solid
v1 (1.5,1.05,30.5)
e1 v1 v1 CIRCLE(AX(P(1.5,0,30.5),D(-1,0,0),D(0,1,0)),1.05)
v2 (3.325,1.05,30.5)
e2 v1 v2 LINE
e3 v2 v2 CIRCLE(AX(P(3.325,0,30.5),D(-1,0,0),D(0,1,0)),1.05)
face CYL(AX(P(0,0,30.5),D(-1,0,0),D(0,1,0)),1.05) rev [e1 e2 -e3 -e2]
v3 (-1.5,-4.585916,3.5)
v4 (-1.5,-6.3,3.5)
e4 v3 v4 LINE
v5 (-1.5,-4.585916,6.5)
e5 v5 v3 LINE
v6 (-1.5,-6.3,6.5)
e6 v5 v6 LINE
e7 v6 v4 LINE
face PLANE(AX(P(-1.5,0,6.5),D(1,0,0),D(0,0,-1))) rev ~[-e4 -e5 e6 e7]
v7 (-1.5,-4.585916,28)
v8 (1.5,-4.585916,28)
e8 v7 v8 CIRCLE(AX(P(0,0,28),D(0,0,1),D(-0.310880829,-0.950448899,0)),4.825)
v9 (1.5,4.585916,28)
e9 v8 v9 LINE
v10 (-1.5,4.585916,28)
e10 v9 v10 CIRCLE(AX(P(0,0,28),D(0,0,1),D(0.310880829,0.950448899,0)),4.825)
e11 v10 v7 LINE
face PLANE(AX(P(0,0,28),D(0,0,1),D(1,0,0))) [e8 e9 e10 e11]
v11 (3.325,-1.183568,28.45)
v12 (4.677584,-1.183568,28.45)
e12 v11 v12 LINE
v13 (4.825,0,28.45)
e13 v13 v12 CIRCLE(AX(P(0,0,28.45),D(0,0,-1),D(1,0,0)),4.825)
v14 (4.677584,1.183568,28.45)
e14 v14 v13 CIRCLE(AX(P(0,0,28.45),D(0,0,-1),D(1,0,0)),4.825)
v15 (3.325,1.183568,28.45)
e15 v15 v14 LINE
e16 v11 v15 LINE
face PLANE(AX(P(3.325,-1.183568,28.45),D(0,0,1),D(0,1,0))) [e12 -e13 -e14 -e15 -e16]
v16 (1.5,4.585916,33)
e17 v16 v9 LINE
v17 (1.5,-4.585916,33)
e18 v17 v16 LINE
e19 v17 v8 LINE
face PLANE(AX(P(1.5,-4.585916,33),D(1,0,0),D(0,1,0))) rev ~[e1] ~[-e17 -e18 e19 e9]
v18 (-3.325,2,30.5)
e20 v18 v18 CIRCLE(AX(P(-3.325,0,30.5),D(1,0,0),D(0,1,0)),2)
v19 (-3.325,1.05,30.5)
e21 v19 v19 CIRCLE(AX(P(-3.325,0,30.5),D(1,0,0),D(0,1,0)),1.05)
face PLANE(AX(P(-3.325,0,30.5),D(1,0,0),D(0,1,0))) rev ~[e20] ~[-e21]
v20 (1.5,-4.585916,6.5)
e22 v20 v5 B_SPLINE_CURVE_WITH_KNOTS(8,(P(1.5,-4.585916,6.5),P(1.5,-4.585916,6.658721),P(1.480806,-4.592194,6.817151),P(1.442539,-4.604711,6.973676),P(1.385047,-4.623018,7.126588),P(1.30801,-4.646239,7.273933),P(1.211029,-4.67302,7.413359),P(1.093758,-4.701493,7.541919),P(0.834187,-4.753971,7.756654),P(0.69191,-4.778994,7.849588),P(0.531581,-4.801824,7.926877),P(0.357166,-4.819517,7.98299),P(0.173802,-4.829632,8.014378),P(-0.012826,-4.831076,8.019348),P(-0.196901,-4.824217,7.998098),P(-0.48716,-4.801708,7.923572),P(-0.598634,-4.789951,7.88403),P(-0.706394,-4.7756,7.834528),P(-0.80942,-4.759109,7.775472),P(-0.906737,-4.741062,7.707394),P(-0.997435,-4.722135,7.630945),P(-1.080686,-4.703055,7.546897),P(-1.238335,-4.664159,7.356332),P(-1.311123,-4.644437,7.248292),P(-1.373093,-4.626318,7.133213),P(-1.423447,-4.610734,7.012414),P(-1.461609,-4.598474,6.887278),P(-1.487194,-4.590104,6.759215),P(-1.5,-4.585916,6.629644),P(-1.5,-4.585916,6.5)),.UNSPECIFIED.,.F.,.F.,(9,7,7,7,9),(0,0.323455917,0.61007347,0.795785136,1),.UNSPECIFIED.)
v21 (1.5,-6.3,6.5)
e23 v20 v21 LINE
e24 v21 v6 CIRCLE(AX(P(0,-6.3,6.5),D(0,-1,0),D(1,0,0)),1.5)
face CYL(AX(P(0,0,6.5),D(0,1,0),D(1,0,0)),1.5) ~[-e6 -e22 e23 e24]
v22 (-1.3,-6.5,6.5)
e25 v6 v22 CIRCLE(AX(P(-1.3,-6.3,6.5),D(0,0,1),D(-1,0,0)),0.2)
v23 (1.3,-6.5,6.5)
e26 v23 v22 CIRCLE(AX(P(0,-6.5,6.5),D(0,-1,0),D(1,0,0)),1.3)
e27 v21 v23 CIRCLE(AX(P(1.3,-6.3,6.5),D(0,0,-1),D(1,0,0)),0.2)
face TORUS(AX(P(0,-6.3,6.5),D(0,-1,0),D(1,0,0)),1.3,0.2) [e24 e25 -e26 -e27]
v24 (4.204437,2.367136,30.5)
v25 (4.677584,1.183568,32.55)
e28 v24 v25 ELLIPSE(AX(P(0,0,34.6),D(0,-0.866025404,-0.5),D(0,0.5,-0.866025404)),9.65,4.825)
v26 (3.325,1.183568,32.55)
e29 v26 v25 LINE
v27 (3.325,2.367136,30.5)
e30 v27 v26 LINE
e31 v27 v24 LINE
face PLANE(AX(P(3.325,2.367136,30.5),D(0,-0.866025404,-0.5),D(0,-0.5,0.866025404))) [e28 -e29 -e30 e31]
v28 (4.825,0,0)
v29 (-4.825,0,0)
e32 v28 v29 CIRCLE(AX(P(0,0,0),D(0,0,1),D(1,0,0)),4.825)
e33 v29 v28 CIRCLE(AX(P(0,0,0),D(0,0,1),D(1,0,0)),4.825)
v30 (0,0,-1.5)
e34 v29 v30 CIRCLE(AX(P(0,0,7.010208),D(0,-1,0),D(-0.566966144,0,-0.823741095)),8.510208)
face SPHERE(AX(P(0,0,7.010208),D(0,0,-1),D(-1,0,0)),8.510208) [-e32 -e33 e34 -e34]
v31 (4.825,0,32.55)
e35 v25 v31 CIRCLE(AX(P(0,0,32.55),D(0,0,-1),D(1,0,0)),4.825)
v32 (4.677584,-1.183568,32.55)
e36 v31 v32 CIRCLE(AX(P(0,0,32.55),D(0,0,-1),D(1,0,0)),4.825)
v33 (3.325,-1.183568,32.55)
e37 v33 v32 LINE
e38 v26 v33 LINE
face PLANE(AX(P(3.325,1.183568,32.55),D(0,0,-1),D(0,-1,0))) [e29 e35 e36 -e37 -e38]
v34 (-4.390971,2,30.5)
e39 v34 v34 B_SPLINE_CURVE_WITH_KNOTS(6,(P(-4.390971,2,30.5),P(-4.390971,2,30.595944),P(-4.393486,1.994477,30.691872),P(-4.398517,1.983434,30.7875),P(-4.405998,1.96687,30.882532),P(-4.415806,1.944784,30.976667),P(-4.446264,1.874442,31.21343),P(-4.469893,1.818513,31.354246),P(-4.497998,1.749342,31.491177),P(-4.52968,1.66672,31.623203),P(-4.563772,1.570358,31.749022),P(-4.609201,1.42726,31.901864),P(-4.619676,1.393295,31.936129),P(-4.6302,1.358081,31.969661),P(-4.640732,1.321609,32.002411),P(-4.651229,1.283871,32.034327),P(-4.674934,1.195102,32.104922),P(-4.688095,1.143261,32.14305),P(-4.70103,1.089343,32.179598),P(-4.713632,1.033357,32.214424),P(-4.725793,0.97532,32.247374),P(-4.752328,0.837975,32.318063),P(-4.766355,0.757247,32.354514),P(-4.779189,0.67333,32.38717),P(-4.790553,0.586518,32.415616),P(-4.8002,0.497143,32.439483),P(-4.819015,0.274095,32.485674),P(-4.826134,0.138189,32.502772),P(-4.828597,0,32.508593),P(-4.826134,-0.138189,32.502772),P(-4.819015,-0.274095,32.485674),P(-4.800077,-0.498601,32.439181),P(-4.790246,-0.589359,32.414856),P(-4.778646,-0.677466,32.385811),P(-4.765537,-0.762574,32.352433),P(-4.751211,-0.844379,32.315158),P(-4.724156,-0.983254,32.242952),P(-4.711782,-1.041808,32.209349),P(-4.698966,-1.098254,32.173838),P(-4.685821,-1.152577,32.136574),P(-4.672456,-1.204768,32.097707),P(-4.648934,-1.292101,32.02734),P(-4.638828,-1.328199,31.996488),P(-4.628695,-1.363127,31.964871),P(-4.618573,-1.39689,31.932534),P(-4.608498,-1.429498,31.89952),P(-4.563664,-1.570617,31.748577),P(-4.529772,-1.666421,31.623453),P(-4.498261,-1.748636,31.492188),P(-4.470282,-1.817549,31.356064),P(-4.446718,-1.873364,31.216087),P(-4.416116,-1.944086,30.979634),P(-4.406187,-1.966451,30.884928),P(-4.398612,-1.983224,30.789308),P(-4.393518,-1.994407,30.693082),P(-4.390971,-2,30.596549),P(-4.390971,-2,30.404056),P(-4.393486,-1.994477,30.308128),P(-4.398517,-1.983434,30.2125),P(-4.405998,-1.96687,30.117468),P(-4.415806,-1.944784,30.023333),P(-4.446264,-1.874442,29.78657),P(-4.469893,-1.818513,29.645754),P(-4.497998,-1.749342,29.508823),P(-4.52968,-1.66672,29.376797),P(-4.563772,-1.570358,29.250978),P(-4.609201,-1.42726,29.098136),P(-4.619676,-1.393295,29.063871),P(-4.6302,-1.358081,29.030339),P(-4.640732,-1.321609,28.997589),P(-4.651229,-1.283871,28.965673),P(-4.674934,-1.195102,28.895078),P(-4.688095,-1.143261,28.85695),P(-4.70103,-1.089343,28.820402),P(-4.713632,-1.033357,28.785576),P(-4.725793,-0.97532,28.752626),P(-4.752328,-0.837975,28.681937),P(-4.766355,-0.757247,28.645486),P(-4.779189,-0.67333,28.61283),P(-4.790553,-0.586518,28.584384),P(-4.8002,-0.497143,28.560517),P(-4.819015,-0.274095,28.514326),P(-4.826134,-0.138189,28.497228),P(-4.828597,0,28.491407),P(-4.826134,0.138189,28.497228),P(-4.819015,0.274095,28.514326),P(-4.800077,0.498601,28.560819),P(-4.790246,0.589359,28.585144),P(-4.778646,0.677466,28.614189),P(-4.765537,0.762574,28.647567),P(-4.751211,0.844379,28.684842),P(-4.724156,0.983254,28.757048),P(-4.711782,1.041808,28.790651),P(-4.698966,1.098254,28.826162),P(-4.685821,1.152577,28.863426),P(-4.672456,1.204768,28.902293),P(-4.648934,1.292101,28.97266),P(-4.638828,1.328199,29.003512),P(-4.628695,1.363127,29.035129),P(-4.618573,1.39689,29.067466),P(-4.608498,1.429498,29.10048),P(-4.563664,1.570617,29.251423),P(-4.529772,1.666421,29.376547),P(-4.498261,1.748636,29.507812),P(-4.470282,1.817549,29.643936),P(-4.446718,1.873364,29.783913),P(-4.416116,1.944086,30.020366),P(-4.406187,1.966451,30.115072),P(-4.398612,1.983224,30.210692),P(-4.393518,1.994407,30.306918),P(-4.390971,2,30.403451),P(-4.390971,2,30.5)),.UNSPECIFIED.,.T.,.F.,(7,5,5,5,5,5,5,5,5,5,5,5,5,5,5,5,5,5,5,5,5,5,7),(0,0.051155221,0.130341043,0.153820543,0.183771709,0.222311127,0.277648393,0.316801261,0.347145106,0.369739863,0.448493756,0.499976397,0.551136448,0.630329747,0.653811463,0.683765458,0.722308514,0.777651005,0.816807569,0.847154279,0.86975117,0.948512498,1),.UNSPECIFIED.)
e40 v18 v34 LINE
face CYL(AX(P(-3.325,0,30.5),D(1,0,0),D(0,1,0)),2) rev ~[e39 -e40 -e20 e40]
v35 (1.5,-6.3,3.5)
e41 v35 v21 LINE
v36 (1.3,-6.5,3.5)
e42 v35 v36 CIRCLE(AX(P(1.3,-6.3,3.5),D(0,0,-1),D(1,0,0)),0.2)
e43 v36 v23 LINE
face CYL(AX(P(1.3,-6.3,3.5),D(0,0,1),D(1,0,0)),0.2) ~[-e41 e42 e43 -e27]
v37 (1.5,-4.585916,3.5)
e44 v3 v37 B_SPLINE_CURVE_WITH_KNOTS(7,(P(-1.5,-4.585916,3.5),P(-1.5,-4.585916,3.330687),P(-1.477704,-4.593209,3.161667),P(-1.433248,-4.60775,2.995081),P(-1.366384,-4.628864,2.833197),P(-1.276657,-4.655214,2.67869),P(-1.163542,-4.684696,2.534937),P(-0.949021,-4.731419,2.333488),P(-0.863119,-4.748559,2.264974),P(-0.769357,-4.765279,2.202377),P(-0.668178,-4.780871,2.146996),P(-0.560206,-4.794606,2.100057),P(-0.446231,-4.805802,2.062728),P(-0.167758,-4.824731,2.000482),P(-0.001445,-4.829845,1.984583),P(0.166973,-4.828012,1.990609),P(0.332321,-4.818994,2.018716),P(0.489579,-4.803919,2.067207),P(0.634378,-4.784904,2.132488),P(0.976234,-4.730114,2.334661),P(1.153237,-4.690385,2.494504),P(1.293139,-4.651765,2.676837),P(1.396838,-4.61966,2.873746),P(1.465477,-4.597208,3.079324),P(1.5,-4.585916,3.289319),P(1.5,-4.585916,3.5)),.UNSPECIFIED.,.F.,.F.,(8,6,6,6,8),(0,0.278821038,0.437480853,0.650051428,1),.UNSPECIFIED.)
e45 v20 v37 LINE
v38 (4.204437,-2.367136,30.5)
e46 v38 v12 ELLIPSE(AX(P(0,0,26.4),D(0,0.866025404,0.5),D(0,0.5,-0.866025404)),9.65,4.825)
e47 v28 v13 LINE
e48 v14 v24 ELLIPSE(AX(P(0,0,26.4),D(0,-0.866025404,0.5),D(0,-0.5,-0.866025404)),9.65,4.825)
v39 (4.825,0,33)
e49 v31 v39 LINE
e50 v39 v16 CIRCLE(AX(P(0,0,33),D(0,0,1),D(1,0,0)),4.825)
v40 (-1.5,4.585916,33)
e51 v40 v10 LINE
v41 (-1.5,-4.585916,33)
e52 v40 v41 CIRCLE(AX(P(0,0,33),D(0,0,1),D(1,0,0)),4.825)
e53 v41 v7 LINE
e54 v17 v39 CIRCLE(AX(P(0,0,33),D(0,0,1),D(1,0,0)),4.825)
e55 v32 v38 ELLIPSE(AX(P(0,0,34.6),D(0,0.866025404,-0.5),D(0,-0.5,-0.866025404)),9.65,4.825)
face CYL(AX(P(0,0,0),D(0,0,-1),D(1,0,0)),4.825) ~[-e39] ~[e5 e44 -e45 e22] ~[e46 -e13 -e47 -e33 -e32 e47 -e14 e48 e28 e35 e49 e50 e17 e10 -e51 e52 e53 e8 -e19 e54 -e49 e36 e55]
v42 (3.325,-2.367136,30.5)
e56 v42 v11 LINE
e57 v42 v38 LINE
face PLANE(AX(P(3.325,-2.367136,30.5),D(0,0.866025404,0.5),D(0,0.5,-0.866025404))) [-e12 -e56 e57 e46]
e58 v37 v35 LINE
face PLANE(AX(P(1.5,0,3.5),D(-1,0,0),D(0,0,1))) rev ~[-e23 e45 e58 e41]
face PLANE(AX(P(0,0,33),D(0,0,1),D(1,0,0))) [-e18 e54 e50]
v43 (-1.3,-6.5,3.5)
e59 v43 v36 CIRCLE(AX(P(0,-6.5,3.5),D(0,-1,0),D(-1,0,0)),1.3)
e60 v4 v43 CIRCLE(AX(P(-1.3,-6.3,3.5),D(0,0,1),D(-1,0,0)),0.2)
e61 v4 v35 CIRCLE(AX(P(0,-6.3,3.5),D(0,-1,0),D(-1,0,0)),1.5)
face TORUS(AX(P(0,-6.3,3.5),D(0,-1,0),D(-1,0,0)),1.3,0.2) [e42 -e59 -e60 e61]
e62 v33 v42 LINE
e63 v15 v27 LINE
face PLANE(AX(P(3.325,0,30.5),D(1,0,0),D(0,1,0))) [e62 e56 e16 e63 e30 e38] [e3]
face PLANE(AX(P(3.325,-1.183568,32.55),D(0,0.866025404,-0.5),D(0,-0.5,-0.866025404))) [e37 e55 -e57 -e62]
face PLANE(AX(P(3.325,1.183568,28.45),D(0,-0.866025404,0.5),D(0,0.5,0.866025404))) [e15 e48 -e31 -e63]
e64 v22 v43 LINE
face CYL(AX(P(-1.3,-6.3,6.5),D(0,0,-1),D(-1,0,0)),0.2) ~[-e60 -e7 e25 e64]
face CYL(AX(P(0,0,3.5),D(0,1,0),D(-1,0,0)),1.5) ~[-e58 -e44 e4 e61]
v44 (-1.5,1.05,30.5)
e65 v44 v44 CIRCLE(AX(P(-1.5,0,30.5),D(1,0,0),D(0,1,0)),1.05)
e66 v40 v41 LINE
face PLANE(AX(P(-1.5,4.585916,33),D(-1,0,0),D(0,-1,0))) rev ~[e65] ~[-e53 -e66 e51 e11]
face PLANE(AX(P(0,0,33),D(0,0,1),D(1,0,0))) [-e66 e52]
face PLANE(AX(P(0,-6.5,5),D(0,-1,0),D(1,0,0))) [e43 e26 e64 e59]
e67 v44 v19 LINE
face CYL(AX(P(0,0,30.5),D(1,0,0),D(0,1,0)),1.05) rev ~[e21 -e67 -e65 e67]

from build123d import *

# Parameters (mm, degrees)
F0_R           = 4.825
F1_DEPTH       = 33
F3_DEPTH       = 6.5
F4_R           = 0.2
F8_DEPTH       = 5
F9_R           = 1.05
F10_DEPTH      = 4.8260001
F10_DEPTH_BACK = 4.8260001
F12_START      = 3.325
F12_DEPTH      = 1.5010001
F14_START      = -3.325
F13_R          = 2
F14_DEPTH      = 1.5010001118


with BuildPart() as f1:
    # F0 (on Top) → F1 (new body)
    with BuildSketch(Plane.XY):
        Circle(F0_R)
    extrude(amount=F1_DEPTH)

    # F2 (on Front) → F3 (join)
    with BuildSketch(Plane.XZ):
        with BuildLine():
            ThreePointArc((-1.5, 3.5), (0, 2), (1.5, 3.5))
            Line((1.5, 3.5), (1.5, 6.5))
            ThreePointArc((1.5, 6.5), (0, 8), (-1.5, 6.5))
            Line((-1.5, 6.5), (-1.5, 3.5))
        make_face()
    extrude(amount=F3_DEPTH)

    # F4
    f4_edges = [f1.edges().sort_by_distance(p)[0] for p in [
        (0, -6.5, 2),
        (1.5, -6.5, 5),
        (0, -6.5, 8),
        (-1.5, -6.5, 5),
    ]]
    fillet(f4_edges, radius=F4_R)

    # F5 (on Front) → F6 (revolve)
    with BuildSketch(Plane.XZ):
        with BuildLine():
            Line((0, 0), (-4.825, 0))
            ThreePointArc((-4.825, 0), (-2.5263919431, -1.1163524169), (0, -1.5))
            Line((0, -1.5), (0, 0))
        make_face()
    revolve(axis=Axis((0, 0, -1.4078605181), (0, 0, -1)))

    # F7 (on face) → F8 (cut)
    with BuildSketch(Plane.XY.offset(33)):
        with BuildLine():
            ThreePointArc((1.5, 4.585915939), (0, 4.825), (-1.5, 4.585915939))
            Line((-1.5, 4.585915939), (-1.5, -4.585915939))
            ThreePointArc((-1.5, -4.585915939), (0, -4.825), (1.5, -4.585915939))
            Line((1.5, -4.585915939), (1.5, 4.585915939))
        make_face()
    extrude(amount=-F8_DEPTH, mode=Mode.SUBTRACT)

    # F9 (on Right) → F10 (cut, two sides)
    with BuildSketch(Plane.YZ) as f10_sk:
        with Locations((0, 30.5)):
            Circle(F9_R)
    extrude(amount=F10_DEPTH, mode=Mode.SUBTRACT)
    extrude(f10_sk.sketch, amount=-F10_DEPTH_BACK, mode=Mode.SUBTRACT)

    # F11 (on Right) → F12 (cut)
    with BuildSketch(Plane.YZ.offset(F12_START)):
        Polygon((1.1835680518, 28.45), (2.3671361037, 30.5), (1.1835680518, 32.55), (-1.1835680518, 32.55), (-2.3671361037, 30.5), (-1.1835680518, 28.45), align=None)
    extrude(amount=F12_DEPTH, mode=Mode.SUBTRACT)

    # F13 (on Right) → F14 (cut)
    with BuildSketch(Plane.YZ.offset(F14_START)):
        with Locations((0, 30.5)):
            Circle(F13_R)
    extrude(amount=-F14_DEPTH, mode=Mode.SUBTRACT)


solid = f1.part
